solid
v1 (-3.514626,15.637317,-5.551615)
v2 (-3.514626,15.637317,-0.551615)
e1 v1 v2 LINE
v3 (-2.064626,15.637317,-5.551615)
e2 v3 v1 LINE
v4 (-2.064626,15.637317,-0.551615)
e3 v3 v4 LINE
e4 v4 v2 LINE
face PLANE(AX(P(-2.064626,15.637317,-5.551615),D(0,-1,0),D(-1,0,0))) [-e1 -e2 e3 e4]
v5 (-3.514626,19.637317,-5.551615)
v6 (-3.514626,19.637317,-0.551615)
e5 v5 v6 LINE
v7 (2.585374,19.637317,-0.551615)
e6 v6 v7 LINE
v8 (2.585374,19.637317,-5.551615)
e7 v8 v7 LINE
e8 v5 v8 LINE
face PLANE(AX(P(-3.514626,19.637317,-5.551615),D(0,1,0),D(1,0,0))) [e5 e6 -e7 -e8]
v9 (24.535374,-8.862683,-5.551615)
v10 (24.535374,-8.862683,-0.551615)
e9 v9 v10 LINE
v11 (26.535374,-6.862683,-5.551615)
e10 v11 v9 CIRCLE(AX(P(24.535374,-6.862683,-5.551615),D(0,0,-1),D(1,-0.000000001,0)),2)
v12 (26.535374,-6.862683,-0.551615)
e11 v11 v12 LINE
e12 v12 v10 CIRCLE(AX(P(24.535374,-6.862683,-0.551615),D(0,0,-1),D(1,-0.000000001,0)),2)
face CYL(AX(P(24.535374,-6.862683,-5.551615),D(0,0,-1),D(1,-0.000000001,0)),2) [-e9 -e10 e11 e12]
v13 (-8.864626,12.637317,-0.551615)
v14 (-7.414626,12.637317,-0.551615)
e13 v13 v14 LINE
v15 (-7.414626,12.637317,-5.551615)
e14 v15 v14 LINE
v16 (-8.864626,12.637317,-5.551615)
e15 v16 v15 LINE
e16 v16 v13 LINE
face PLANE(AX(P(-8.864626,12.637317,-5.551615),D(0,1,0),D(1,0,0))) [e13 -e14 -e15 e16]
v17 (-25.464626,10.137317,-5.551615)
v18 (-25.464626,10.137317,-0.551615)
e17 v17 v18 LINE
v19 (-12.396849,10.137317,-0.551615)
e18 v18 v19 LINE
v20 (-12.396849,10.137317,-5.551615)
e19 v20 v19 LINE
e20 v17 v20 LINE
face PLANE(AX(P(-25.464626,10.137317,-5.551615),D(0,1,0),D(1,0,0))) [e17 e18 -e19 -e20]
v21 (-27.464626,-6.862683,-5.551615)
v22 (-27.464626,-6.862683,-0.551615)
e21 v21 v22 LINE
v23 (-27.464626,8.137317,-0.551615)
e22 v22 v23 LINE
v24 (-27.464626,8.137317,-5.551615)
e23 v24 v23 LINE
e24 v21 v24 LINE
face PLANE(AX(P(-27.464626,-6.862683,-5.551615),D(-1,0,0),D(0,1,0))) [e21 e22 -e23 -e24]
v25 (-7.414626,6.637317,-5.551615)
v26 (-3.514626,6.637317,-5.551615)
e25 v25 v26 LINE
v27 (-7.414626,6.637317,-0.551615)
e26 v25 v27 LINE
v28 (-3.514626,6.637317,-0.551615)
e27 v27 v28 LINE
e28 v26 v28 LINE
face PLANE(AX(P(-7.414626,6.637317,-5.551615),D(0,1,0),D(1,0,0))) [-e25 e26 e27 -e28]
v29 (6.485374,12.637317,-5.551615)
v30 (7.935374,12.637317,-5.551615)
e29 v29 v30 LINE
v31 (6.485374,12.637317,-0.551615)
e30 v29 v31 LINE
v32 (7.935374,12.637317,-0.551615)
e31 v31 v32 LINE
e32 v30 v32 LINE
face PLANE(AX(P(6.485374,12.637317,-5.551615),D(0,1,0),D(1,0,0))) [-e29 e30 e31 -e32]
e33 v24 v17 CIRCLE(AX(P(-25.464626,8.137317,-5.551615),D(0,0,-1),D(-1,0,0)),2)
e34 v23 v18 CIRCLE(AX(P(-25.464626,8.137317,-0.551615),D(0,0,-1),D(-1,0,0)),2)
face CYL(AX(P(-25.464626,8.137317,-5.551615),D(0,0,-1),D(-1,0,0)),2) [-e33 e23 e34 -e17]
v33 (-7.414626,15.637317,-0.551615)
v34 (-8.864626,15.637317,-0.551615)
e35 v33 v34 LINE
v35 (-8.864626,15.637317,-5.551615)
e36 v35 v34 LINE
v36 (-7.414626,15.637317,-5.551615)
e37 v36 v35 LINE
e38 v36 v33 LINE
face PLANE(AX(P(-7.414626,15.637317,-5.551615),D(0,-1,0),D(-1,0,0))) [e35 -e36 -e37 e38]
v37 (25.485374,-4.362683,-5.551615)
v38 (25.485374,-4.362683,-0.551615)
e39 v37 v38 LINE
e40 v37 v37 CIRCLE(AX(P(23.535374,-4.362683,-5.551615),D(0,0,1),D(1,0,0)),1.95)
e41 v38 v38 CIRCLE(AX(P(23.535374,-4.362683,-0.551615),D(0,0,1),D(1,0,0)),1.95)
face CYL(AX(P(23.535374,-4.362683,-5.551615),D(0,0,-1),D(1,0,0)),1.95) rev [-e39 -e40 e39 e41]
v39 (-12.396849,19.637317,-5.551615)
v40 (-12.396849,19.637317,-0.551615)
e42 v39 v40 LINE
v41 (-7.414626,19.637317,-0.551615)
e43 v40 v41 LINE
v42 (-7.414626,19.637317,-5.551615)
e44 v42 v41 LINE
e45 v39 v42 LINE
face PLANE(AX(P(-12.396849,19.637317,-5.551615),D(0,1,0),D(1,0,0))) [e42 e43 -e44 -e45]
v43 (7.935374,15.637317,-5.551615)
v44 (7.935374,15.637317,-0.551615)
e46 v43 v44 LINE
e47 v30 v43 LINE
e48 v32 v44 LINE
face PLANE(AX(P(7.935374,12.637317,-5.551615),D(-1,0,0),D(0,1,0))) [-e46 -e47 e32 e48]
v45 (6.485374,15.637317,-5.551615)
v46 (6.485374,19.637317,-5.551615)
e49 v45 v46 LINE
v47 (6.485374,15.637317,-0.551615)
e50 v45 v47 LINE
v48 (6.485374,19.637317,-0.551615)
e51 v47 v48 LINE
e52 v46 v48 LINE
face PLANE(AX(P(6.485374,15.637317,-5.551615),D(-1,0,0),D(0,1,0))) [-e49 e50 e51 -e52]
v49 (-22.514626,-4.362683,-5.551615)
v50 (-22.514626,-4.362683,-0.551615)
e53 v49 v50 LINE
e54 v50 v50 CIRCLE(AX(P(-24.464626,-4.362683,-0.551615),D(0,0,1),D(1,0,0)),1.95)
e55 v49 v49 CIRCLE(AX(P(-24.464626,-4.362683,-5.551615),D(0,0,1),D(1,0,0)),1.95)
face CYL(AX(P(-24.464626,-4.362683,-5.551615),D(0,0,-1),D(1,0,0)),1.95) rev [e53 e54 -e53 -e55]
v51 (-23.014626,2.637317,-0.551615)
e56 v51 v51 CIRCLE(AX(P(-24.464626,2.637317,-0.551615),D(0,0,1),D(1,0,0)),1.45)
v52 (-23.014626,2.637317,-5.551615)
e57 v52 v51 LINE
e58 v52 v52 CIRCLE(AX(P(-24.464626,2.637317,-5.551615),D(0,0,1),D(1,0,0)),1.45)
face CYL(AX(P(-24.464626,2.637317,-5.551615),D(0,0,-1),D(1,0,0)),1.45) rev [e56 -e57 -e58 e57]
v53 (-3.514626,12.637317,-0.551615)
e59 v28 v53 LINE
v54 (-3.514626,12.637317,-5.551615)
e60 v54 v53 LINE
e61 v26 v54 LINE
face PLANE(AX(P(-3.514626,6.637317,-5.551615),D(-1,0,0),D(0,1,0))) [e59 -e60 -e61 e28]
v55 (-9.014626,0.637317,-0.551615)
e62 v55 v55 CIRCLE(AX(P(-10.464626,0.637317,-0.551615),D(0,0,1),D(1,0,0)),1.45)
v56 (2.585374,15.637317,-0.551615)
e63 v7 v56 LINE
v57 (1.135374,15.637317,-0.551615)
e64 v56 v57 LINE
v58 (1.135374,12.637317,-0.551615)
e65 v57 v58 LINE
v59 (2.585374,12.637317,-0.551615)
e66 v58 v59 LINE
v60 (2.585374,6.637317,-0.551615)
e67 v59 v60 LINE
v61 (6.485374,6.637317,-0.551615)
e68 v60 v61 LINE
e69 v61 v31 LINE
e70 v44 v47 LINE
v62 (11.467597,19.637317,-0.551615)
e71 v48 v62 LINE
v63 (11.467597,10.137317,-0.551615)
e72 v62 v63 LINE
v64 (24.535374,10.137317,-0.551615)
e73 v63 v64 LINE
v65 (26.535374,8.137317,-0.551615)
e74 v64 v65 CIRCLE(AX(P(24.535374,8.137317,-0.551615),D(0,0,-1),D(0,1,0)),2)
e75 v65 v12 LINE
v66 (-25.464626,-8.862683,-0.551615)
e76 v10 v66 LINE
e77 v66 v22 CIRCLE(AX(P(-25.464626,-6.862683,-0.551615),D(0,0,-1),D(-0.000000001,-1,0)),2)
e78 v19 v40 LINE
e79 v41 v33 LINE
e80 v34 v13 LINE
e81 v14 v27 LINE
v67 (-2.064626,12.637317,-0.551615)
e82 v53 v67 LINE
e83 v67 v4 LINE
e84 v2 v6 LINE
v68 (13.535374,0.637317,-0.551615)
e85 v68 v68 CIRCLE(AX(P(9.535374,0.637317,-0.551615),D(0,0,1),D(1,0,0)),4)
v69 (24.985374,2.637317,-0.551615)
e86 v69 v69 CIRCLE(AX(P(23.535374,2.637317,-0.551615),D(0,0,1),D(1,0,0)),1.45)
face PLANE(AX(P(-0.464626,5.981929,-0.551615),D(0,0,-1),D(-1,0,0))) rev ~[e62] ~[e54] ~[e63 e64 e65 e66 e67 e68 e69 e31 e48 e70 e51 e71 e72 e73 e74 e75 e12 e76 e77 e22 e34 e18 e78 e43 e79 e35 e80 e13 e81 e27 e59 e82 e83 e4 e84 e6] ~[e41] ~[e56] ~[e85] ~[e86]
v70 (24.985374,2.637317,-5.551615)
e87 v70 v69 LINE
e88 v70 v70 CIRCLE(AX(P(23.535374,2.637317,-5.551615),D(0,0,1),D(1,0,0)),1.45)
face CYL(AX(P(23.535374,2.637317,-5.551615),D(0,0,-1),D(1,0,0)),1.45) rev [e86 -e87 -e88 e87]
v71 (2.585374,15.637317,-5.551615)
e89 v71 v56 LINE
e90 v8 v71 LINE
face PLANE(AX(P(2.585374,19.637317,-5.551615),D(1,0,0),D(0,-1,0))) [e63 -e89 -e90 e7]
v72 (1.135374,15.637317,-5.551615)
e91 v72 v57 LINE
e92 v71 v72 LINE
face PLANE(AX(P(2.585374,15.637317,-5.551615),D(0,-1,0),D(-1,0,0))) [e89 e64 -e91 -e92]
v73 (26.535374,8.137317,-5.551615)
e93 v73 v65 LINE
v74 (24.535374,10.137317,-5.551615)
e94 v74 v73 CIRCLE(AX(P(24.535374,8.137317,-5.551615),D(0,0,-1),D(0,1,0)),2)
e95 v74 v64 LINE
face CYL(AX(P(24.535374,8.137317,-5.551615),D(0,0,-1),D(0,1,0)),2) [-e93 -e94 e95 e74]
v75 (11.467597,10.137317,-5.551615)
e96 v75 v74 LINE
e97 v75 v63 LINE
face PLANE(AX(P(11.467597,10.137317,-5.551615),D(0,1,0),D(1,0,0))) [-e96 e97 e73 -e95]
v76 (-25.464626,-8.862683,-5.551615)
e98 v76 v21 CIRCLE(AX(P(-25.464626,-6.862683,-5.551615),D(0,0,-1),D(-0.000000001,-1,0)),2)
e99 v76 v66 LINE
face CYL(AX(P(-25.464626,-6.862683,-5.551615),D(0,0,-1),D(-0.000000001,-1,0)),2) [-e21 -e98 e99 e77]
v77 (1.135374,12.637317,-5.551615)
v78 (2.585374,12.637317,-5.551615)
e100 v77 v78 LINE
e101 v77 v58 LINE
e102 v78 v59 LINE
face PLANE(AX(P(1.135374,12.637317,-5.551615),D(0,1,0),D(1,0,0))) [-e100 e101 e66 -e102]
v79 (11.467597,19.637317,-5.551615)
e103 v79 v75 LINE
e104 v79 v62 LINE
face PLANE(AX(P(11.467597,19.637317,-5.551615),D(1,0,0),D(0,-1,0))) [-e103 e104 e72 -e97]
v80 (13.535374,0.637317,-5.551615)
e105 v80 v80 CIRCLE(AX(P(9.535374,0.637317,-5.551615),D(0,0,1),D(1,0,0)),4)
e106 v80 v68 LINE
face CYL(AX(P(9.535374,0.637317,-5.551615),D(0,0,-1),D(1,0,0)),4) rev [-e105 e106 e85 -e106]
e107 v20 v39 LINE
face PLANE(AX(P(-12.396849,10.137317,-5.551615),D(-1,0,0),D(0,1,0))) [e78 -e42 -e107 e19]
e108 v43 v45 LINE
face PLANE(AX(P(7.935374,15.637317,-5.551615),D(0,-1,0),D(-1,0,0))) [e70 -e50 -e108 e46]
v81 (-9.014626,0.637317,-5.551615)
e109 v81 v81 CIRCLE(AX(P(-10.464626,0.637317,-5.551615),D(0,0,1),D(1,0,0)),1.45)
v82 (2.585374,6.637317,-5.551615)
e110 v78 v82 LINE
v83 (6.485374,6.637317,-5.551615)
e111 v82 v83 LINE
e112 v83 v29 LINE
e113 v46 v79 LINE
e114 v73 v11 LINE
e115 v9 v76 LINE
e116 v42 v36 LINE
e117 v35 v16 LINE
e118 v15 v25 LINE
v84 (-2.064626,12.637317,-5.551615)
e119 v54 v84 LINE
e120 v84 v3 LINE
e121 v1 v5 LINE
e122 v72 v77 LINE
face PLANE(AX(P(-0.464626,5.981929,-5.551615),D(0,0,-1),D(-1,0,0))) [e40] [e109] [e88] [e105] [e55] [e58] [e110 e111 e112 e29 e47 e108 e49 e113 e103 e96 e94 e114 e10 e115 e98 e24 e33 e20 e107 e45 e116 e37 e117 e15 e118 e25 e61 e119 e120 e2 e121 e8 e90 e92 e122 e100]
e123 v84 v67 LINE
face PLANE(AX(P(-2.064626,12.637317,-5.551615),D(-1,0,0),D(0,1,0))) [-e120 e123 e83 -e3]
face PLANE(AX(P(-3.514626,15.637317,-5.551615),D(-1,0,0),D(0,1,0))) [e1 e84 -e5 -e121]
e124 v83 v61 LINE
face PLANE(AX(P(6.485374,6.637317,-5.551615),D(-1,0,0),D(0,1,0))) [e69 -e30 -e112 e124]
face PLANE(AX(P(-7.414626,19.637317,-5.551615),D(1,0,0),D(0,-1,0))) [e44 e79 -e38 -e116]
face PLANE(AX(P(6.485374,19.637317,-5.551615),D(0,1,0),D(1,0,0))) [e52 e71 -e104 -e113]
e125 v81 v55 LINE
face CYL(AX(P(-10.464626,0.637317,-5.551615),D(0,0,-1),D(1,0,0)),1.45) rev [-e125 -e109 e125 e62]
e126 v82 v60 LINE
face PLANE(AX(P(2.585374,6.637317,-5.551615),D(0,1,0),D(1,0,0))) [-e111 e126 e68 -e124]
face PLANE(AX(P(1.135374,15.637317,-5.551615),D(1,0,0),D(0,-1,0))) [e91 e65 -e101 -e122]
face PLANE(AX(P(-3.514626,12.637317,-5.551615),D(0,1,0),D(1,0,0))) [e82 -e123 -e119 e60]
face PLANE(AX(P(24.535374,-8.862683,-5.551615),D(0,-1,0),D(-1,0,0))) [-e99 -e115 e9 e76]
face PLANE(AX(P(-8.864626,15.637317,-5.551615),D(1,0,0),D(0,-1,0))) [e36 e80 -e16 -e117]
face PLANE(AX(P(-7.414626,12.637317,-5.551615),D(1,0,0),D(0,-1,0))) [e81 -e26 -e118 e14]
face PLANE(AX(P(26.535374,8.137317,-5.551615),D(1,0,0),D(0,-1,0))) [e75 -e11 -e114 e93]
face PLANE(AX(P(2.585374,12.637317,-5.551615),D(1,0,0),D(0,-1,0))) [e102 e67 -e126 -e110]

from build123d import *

# Parameters (mm, degrees)
SKETCH1_R           = 1.95
SKETCH1_R_2         = 4
SKETCH1_R_3         = 1.45
BOSS_EXTRUDE1_DEPTH = 5


with BuildPart() as part:
    # Sketch1 → Boss-Extrude1 (new body)
    with BuildSketch(Plane.XY.offset(-5.551615438)):
        with BuildLine():
            Line((-25.464626351, 10.13731735), (-12.396849296, 10.13731735))
            Line((-12.396849296, 10.13731735), (-12.396849296, 19.63731735))
            Line((-12.396849296, 19.63731735), (-7.414626351, 19.63731735))
            Line((-7.414626351, 19.63731735), (-7.414626351, 15.63731735))
            Line((-7.414626351, 15.63731735), (-8.864626351, 15.63731735))
            Line((-8.864626351, 15.63731735), (-8.864626351, 12.63731735))
            Line((-8.864626351, 12.63731735), (-7.414626351, 12.63731735))
            Line((-7.414626351, 12.63731735), (-7.414626351, 6.63731735))
            Line((-7.414626351, 6.63731735), (-3.514626351, 6.63731735))
            Line((-3.514626351, 6.63731735), (-3.514626351, 12.63731735))
            Line((-3.514626351, 12.63731735), (-2.064626351, 12.63731735))
            Line((-2.064626351, 12.63731735), (-2.064626351, 15.63731735))
            Line((-2.064626351, 15.63731735), (-3.514626351, 15.63731735))
            Line((-3.514626351, 15.63731735), (-3.514626351, 19.63731735))
            Line((-3.514626351, 19.63731735), (2.585373649, 19.63731735))
            Line((2.585373649, 19.63731735), (2.585373649, 15.63731735))
            Line((2.585373649, 15.63731735), (1.135373649, 15.63731735))
            Line((1.135373649, 15.63731735), (1.135373649, 12.63731735))
            Line((1.135373649, 12.63731735), (2.585373649, 12.63731735))
            Line((2.585373649, 12.63731735), (2.585373649, 6.63731735))
            Line((2.585373649, 6.63731735), (6.485373649, 6.63731735))
            Line((6.485373649, 6.63731735), (6.485373649, 12.63731735))
            Line((6.485373649, 12.63731735), (7.935373649, 12.63731735))
            Line((7.935373649, 12.63731735), (7.935373649, 15.63731735))
            Line((7.935373649, 15.63731735), (6.485373649, 15.63731735))
            Line((6.485373649, 15.63731735), (6.485373649, 19.63731735))
            Line((6.485373649, 19.63731735), (11.467596593, 19.63731735))
            Line((11.467596593, 19.63731735), (11.467596593, 10.13731735))
            Line((11.467596593, 10.13731735), (24.535373649, 10.13731735))
            ThreePointArc((24.535373649, 10.13731735), (25.949587211, 9.551530913), (26.535373649, 8.13731735))
            Line((26.535373649, 8.13731735), (26.535373649, -6.86268265))
            ThreePointArc((26.535373649, -6.86268265), (25.949587211, -8.276896212), (24.535373649, -8.86268265))
            Line((24.535373649, -8.86268265), (-10, -8.86268265))
            Line((-10, -8.86268265), (-25.464626351, -8.86268265))
            ThreePointArc((-25.464626351, -8.86268265), (-26.878839913, -8.276896212), (-27.464626351, -6.86268265))
            Line((-27.464626351, -6.86268265), (-27.464626351, 8.13731735))
            ThreePointArc((-27.464626351, 8.13731735), (-26.878839913, 9.551530913), (-25.464626351, 10.13731735))
        make_face()
        with Locations((-24.464626351, -4.36268265)):
            Circle(SKETCH1_R, mode=Mode.SUBTRACT)
        with Locations((23.535373649, -4.36268265)):
            Circle(SKETCH1_R, mode=Mode.SUBTRACT)
        with Locations((9.535373649, 0.63731735)):
            Circle(SKETCH1_R_2, mode=Mode.SUBTRACT)
        with Locations((-10.464626351, 0.63731735)):
            Circle(SKETCH1_R_3, mode=Mode.SUBTRACT)
        with Locations((-24.464626351, 2.63731735)):
            Circle(SKETCH1_R_3, mode=Mode.SUBTRACT)
        with Locations((23.535373649, 2.63731735)):
            Circle(SKETCH1_R_3, mode=Mode.SUBTRACT)
    extrude(amount=BOSS_EXTRUDE1_DEPTH)


solid = part.part
